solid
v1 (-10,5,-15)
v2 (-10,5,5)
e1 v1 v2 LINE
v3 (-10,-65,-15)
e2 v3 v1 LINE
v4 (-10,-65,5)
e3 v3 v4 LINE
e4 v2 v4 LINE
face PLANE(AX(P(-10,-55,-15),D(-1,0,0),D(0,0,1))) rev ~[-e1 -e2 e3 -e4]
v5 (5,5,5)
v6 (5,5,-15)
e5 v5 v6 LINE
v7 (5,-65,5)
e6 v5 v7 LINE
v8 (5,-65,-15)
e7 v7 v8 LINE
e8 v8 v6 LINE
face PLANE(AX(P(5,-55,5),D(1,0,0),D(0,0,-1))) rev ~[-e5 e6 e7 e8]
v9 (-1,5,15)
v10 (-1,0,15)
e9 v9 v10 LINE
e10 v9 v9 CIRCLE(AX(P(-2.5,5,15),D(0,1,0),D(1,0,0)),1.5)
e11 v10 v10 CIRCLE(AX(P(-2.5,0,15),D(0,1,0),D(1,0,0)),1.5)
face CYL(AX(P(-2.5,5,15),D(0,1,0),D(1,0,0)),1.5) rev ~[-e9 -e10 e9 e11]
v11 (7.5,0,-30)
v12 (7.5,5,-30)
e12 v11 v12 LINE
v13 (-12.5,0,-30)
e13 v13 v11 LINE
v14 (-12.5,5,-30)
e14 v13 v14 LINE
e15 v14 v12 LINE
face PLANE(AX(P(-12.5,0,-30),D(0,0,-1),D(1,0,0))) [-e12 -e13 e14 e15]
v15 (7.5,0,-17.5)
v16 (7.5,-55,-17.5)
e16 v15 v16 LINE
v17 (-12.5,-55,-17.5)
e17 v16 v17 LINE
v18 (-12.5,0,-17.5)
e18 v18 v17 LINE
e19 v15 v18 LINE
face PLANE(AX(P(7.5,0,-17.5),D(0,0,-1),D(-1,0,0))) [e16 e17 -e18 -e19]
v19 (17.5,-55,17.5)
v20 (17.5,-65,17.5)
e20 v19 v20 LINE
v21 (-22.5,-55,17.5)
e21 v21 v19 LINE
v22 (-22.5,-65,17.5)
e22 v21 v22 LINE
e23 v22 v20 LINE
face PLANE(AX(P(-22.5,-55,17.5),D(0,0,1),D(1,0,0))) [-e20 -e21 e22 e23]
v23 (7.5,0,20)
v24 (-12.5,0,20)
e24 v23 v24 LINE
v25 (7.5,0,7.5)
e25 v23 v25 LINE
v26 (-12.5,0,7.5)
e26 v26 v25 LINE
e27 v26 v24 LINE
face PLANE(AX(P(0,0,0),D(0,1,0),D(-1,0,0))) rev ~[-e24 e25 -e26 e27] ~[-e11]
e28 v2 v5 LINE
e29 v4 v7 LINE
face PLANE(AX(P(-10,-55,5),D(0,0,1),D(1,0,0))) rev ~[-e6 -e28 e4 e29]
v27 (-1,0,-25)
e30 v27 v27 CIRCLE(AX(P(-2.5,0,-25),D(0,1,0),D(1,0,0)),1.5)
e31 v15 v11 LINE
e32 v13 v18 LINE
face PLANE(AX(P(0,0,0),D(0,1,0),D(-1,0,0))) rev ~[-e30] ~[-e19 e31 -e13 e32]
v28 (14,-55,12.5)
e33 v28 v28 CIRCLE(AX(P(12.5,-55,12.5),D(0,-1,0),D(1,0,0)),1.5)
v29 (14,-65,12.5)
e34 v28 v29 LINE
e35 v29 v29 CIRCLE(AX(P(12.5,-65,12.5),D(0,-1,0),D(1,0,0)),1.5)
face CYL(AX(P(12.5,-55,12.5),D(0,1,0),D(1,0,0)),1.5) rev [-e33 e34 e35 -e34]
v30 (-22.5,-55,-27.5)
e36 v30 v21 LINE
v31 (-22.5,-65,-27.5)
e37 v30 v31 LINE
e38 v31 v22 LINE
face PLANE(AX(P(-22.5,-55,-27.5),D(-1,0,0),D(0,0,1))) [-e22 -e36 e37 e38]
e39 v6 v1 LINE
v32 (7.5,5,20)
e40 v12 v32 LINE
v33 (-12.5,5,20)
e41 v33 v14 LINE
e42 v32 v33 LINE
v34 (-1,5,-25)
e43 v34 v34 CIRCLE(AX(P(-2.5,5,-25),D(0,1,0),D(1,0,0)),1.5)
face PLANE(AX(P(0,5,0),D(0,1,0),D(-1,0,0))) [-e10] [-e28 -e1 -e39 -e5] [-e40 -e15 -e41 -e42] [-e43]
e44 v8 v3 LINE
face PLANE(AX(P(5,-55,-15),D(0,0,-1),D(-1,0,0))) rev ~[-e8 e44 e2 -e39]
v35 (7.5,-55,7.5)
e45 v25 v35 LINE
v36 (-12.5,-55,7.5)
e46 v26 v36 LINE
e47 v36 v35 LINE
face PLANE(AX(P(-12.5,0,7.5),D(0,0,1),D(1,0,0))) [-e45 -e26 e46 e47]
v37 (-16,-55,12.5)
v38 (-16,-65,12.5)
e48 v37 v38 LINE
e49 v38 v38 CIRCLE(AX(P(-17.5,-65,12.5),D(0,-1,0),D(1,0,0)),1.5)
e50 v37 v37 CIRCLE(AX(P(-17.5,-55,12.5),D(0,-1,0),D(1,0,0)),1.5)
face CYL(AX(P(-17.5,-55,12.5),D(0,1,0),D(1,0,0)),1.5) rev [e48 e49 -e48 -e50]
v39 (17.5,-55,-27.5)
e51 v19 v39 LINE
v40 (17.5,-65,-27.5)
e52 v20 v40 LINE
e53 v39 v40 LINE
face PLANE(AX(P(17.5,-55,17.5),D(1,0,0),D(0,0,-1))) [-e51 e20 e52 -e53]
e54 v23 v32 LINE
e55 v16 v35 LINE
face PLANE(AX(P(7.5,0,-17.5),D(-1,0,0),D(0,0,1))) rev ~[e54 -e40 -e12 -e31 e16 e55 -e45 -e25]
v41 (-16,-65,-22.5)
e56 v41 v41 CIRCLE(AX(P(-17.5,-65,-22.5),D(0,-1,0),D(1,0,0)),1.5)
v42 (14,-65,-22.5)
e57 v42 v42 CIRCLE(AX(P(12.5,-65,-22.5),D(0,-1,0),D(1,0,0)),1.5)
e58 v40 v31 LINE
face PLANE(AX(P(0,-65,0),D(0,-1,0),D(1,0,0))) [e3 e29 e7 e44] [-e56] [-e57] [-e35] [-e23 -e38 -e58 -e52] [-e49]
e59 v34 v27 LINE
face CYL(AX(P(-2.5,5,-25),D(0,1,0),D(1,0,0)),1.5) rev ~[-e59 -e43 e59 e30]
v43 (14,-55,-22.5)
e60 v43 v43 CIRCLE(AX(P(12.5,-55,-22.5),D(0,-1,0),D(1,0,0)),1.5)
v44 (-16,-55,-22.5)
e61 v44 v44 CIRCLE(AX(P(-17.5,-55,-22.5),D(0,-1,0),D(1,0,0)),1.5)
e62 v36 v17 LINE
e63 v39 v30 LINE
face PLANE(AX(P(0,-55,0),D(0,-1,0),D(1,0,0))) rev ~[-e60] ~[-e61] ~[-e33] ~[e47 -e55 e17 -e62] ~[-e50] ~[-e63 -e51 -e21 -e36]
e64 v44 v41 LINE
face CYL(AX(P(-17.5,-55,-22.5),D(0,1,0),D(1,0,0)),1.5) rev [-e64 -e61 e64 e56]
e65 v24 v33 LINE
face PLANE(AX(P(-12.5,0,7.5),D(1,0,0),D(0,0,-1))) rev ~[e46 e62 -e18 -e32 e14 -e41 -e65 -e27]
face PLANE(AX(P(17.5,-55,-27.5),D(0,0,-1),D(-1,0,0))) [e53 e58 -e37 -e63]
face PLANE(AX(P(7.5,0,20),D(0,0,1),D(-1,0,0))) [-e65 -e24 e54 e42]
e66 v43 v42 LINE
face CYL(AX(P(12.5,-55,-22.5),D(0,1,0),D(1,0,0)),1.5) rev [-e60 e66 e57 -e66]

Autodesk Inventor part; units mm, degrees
ref_plane "YZ Plane" through (0, 0, 0) normal (1, 0, 0) x (0, 1, 0)
ref_plane "XZ Plane" through (0, 0, 0) normal (0, 1, 0) x (-1, 0, 0)
ref_plane "XY Plane" through (0, 0, 0) normal (0, 0, 1) x (1, 0, 0)
sketch "Sketch1" plane through (0, 0, 0) normal (0, 1, 0) x (-1, 0, 0)
  line L0 (0, 0) -> (5, 0)
  line L1 (5, 0) -> (5, -10)
  line L2 (5, -10) -> (0, -10)
  line L3 (0, -10) -> (0, 0)
  line L4 (-7.5, 20) -> (12.5, 20)
  line L5 (12.5, 20) -> (12.5, -30)
  line L6 (12.5, -30) -> (-7.5, -30)
  line L7 (-7.5, -30) -> (-7.5, 20)
  line L8 (-7.5, 20) -> (12.5, -30) construction
  line L9 (12.5, 20) -> (-7.5, -30) construction
  line L10 (12.5, -17.5) -> (12.5, 7.5)
  line L11 (12.5, 7.5) -> (-7.5, 7.5)
  line L12 (-7.5, 7.5) -> (-7.5, -17.5)
  line L13 (-7.5, -17.5) -> (12.5, -17.5)
  point P0 (2.5, -5)
  point P1 (-7.5, 7.5)
  dimension "d0" = 5
  dimension "d1" = 10
  dimension "d2" = 20
  dimension "d3" = 50
  dimension "d4" = 7.5
  dimension "d5" = 20
  dimension "d6" = 7.5
extrude "Extrusion1" add sketch "Sketch1" along normal blind 5
extrude "Extrusion2" add sketch "Sketch1" against normal blind 55 contours L11 L5 L13 L7
sketch "Sketch2" plane through (0, -55, 0) normal (0, -1, 0) x (1, 0, 0)
  line L0 (-12.5, 7.5) -> (-12.5, -17.5) projected
  line L1 (-12.5, -17.5) -> (7.5, -17.5) projected
  line L2 (7.5, -17.5) -> (7.5, 7.5) projected
  line L3 (7.5, 7.5) -> (-12.5, 7.5) projected
  line L4 (-5, 0) -> (0, 0) projected
  line L5 (0, 0) -> (0, -10) projected
  line L6 (0, -10) -> (-5, -10) projected
  line L7 (-5, -10) -> (-5, 0) projected
  line L8 (17.5, 17.5) -> (17.5, -27.5)
  line L9 (17.5, -27.5) -> (-22.5, -27.5)
  line L10 (-22.5, -27.5) -> (-22.5, 17.5)
  line L11 (-22.5, 17.5) -> (17.5, 17.5)
  line L12 (12.5, -22.5) -> (12.5, 12.5) construction
  line L13 (12.5, 12.5) -> (-17.5, 12.5) construction
  line L14 (-17.5, 12.5) -> (-17.5, -22.5) construction
  line L15 (-17.5, -22.5) -> (12.5, -22.5) construction
  circle A0 centre (12.5, 12.5) radius 1.5
  circle A1 centre (12.5, -22.5) radius 1.5
  circle A2 centre (-17.5, 12.5) radius 1.5
  circle A3 centre (-17.5, -22.5) radius 1.5
  dimension "d11" = 10
  dimension "d12" = 5
  dimension "d13" = 3
  dimension "d14" = 3
  dimension "d15" = 3
  dimension "d16" = 3
extrude "Extrusion3" add sketch "Sketch2" along normal blind 10 contours L8 L9 L10 L11
sketch "Sketch3" plane through (0, 5, 0) normal (0, 1, 0) x (1, 0, 0)
  line L0 (7.5, -20) -> (7.5, 30) projected
  line L1 (7.5, 30) -> (-12.5, 30) projected
  line L2 (-12.5, 30) -> (-12.5, -20) projected
  line L3 (-12.5, -20) -> (7.5, -20) projected
  line L4 (0, 0) -> (-5, 0) projected
  line L5 (-5, 0) -> (-5, 10) projected
  line L6 (-5, 10) -> (0, 10) projected
  line L7 (0, 10) -> (0, 0) projected
  line L8 (5, 15) -> (-10, 15)
  line L9 (-10, 15) -> (-10, -5)
  line L10 (-10, -5) -> (5, -5)
  line L11 (5, -5) -> (5, 15)
  dimension "d19" = 5
extrude "Extrusion4" cut sketch "Sketch3" against normal through all contours L11 L10 L9 L8
sketch "Sketch4" plane through (0, -55, 0) normal (0, -1, 0) x (1, 0, 0)
  line L0 (-10, 5) -> (5, 5) projected
  line L1 (5, 5) -> (5, -15) projected
  line L2 (5, -15) -> (-10, -15) projected
  line L3 (-10, -15) -> (-10, 5) projected
  line L4 (-12.5, 7.5) -> (-12.5, -17.5) projected
  line L5 (-12.5, -17.5) -> (7.5, -17.5) projected
  line L6 (7.5, -17.5) -> (7.5, 7.5) projected
  line L7 (7.5, 7.5) -> (-12.5, 7.5) projected
  point P0 (0, 0)
extrude "Extrusion5" add sketch "Sketch4" along normal blind 10
sketch "Sketch5" plane through (0, 5, 0) normal (0, 1, 0) x (1, 0, 0)
  line L0 (5, -5) -> (-10, -5) projected
  line L1 (-10, -5) -> (-10, 15) projected
  line L2 (-10, 15) -> (5, 15) projected
  line L3 (5, 15) -> (5, -5) projected
  line L4 (7.5, -20) -> (7.5, 30) projected
  line L5 (7.5, 30) -> (-12.5, 30) projected
  line L6 (-12.5, 30) -> (-12.5, -20) projected
  line L7 (-12.5, -20) -> (7.5, -20) projected
  circle A0 centre (-2.5, -15) radius 1.5
  circle A1 centre (-2.5, 25) radius 1.5
  point P0 (0, 0)
  dimension "d24" = 3
  dimension "d25" = 3
  dimension "d26" = 10
  dimension "d27" = 10
  dimension "d28" = 10
  dimension "d29" = 10
extrude "Extrusion6" cut sketch "Sketch5" against normal blind 10 contours A0 | A1
sketch "Sketch6" plane through (0, -65, 0) normal (0, -1, 0) x (1, 0, 0)
  line L0 (-10, 5) -> (5, 5) projected
  line L1 (5, 5) -> (5, -15) projected
  line L2 (5, -15) -> (-10, -15) projected
  line L3 (-10, -15) -> (-10, 5) projected
  line L4 (-22.5, 17.5) -> (-22.5, -27.5) projected
  line L5 (-22.5, -27.5) -> (17.5, -27.5) projected
  line L6 (17.5, -27.5) -> (17.5, 17.5) projected
  line L7 (17.5, 17.5) -> (-22.5, 17.5) projected
  circle A0 centre (12.5, 12.5) radius 1.5 projected
  circle A1 centre (12.5, -22.5) radius 1.5 projected
  circle A2 centre (-17.5, 12.5) radius 1.5 projected
  circle A3 centre (-17.5, -22.5) radius 1.5 projected
  point P0 (0, 0)
properties part number "select support V3_3DPrint"
